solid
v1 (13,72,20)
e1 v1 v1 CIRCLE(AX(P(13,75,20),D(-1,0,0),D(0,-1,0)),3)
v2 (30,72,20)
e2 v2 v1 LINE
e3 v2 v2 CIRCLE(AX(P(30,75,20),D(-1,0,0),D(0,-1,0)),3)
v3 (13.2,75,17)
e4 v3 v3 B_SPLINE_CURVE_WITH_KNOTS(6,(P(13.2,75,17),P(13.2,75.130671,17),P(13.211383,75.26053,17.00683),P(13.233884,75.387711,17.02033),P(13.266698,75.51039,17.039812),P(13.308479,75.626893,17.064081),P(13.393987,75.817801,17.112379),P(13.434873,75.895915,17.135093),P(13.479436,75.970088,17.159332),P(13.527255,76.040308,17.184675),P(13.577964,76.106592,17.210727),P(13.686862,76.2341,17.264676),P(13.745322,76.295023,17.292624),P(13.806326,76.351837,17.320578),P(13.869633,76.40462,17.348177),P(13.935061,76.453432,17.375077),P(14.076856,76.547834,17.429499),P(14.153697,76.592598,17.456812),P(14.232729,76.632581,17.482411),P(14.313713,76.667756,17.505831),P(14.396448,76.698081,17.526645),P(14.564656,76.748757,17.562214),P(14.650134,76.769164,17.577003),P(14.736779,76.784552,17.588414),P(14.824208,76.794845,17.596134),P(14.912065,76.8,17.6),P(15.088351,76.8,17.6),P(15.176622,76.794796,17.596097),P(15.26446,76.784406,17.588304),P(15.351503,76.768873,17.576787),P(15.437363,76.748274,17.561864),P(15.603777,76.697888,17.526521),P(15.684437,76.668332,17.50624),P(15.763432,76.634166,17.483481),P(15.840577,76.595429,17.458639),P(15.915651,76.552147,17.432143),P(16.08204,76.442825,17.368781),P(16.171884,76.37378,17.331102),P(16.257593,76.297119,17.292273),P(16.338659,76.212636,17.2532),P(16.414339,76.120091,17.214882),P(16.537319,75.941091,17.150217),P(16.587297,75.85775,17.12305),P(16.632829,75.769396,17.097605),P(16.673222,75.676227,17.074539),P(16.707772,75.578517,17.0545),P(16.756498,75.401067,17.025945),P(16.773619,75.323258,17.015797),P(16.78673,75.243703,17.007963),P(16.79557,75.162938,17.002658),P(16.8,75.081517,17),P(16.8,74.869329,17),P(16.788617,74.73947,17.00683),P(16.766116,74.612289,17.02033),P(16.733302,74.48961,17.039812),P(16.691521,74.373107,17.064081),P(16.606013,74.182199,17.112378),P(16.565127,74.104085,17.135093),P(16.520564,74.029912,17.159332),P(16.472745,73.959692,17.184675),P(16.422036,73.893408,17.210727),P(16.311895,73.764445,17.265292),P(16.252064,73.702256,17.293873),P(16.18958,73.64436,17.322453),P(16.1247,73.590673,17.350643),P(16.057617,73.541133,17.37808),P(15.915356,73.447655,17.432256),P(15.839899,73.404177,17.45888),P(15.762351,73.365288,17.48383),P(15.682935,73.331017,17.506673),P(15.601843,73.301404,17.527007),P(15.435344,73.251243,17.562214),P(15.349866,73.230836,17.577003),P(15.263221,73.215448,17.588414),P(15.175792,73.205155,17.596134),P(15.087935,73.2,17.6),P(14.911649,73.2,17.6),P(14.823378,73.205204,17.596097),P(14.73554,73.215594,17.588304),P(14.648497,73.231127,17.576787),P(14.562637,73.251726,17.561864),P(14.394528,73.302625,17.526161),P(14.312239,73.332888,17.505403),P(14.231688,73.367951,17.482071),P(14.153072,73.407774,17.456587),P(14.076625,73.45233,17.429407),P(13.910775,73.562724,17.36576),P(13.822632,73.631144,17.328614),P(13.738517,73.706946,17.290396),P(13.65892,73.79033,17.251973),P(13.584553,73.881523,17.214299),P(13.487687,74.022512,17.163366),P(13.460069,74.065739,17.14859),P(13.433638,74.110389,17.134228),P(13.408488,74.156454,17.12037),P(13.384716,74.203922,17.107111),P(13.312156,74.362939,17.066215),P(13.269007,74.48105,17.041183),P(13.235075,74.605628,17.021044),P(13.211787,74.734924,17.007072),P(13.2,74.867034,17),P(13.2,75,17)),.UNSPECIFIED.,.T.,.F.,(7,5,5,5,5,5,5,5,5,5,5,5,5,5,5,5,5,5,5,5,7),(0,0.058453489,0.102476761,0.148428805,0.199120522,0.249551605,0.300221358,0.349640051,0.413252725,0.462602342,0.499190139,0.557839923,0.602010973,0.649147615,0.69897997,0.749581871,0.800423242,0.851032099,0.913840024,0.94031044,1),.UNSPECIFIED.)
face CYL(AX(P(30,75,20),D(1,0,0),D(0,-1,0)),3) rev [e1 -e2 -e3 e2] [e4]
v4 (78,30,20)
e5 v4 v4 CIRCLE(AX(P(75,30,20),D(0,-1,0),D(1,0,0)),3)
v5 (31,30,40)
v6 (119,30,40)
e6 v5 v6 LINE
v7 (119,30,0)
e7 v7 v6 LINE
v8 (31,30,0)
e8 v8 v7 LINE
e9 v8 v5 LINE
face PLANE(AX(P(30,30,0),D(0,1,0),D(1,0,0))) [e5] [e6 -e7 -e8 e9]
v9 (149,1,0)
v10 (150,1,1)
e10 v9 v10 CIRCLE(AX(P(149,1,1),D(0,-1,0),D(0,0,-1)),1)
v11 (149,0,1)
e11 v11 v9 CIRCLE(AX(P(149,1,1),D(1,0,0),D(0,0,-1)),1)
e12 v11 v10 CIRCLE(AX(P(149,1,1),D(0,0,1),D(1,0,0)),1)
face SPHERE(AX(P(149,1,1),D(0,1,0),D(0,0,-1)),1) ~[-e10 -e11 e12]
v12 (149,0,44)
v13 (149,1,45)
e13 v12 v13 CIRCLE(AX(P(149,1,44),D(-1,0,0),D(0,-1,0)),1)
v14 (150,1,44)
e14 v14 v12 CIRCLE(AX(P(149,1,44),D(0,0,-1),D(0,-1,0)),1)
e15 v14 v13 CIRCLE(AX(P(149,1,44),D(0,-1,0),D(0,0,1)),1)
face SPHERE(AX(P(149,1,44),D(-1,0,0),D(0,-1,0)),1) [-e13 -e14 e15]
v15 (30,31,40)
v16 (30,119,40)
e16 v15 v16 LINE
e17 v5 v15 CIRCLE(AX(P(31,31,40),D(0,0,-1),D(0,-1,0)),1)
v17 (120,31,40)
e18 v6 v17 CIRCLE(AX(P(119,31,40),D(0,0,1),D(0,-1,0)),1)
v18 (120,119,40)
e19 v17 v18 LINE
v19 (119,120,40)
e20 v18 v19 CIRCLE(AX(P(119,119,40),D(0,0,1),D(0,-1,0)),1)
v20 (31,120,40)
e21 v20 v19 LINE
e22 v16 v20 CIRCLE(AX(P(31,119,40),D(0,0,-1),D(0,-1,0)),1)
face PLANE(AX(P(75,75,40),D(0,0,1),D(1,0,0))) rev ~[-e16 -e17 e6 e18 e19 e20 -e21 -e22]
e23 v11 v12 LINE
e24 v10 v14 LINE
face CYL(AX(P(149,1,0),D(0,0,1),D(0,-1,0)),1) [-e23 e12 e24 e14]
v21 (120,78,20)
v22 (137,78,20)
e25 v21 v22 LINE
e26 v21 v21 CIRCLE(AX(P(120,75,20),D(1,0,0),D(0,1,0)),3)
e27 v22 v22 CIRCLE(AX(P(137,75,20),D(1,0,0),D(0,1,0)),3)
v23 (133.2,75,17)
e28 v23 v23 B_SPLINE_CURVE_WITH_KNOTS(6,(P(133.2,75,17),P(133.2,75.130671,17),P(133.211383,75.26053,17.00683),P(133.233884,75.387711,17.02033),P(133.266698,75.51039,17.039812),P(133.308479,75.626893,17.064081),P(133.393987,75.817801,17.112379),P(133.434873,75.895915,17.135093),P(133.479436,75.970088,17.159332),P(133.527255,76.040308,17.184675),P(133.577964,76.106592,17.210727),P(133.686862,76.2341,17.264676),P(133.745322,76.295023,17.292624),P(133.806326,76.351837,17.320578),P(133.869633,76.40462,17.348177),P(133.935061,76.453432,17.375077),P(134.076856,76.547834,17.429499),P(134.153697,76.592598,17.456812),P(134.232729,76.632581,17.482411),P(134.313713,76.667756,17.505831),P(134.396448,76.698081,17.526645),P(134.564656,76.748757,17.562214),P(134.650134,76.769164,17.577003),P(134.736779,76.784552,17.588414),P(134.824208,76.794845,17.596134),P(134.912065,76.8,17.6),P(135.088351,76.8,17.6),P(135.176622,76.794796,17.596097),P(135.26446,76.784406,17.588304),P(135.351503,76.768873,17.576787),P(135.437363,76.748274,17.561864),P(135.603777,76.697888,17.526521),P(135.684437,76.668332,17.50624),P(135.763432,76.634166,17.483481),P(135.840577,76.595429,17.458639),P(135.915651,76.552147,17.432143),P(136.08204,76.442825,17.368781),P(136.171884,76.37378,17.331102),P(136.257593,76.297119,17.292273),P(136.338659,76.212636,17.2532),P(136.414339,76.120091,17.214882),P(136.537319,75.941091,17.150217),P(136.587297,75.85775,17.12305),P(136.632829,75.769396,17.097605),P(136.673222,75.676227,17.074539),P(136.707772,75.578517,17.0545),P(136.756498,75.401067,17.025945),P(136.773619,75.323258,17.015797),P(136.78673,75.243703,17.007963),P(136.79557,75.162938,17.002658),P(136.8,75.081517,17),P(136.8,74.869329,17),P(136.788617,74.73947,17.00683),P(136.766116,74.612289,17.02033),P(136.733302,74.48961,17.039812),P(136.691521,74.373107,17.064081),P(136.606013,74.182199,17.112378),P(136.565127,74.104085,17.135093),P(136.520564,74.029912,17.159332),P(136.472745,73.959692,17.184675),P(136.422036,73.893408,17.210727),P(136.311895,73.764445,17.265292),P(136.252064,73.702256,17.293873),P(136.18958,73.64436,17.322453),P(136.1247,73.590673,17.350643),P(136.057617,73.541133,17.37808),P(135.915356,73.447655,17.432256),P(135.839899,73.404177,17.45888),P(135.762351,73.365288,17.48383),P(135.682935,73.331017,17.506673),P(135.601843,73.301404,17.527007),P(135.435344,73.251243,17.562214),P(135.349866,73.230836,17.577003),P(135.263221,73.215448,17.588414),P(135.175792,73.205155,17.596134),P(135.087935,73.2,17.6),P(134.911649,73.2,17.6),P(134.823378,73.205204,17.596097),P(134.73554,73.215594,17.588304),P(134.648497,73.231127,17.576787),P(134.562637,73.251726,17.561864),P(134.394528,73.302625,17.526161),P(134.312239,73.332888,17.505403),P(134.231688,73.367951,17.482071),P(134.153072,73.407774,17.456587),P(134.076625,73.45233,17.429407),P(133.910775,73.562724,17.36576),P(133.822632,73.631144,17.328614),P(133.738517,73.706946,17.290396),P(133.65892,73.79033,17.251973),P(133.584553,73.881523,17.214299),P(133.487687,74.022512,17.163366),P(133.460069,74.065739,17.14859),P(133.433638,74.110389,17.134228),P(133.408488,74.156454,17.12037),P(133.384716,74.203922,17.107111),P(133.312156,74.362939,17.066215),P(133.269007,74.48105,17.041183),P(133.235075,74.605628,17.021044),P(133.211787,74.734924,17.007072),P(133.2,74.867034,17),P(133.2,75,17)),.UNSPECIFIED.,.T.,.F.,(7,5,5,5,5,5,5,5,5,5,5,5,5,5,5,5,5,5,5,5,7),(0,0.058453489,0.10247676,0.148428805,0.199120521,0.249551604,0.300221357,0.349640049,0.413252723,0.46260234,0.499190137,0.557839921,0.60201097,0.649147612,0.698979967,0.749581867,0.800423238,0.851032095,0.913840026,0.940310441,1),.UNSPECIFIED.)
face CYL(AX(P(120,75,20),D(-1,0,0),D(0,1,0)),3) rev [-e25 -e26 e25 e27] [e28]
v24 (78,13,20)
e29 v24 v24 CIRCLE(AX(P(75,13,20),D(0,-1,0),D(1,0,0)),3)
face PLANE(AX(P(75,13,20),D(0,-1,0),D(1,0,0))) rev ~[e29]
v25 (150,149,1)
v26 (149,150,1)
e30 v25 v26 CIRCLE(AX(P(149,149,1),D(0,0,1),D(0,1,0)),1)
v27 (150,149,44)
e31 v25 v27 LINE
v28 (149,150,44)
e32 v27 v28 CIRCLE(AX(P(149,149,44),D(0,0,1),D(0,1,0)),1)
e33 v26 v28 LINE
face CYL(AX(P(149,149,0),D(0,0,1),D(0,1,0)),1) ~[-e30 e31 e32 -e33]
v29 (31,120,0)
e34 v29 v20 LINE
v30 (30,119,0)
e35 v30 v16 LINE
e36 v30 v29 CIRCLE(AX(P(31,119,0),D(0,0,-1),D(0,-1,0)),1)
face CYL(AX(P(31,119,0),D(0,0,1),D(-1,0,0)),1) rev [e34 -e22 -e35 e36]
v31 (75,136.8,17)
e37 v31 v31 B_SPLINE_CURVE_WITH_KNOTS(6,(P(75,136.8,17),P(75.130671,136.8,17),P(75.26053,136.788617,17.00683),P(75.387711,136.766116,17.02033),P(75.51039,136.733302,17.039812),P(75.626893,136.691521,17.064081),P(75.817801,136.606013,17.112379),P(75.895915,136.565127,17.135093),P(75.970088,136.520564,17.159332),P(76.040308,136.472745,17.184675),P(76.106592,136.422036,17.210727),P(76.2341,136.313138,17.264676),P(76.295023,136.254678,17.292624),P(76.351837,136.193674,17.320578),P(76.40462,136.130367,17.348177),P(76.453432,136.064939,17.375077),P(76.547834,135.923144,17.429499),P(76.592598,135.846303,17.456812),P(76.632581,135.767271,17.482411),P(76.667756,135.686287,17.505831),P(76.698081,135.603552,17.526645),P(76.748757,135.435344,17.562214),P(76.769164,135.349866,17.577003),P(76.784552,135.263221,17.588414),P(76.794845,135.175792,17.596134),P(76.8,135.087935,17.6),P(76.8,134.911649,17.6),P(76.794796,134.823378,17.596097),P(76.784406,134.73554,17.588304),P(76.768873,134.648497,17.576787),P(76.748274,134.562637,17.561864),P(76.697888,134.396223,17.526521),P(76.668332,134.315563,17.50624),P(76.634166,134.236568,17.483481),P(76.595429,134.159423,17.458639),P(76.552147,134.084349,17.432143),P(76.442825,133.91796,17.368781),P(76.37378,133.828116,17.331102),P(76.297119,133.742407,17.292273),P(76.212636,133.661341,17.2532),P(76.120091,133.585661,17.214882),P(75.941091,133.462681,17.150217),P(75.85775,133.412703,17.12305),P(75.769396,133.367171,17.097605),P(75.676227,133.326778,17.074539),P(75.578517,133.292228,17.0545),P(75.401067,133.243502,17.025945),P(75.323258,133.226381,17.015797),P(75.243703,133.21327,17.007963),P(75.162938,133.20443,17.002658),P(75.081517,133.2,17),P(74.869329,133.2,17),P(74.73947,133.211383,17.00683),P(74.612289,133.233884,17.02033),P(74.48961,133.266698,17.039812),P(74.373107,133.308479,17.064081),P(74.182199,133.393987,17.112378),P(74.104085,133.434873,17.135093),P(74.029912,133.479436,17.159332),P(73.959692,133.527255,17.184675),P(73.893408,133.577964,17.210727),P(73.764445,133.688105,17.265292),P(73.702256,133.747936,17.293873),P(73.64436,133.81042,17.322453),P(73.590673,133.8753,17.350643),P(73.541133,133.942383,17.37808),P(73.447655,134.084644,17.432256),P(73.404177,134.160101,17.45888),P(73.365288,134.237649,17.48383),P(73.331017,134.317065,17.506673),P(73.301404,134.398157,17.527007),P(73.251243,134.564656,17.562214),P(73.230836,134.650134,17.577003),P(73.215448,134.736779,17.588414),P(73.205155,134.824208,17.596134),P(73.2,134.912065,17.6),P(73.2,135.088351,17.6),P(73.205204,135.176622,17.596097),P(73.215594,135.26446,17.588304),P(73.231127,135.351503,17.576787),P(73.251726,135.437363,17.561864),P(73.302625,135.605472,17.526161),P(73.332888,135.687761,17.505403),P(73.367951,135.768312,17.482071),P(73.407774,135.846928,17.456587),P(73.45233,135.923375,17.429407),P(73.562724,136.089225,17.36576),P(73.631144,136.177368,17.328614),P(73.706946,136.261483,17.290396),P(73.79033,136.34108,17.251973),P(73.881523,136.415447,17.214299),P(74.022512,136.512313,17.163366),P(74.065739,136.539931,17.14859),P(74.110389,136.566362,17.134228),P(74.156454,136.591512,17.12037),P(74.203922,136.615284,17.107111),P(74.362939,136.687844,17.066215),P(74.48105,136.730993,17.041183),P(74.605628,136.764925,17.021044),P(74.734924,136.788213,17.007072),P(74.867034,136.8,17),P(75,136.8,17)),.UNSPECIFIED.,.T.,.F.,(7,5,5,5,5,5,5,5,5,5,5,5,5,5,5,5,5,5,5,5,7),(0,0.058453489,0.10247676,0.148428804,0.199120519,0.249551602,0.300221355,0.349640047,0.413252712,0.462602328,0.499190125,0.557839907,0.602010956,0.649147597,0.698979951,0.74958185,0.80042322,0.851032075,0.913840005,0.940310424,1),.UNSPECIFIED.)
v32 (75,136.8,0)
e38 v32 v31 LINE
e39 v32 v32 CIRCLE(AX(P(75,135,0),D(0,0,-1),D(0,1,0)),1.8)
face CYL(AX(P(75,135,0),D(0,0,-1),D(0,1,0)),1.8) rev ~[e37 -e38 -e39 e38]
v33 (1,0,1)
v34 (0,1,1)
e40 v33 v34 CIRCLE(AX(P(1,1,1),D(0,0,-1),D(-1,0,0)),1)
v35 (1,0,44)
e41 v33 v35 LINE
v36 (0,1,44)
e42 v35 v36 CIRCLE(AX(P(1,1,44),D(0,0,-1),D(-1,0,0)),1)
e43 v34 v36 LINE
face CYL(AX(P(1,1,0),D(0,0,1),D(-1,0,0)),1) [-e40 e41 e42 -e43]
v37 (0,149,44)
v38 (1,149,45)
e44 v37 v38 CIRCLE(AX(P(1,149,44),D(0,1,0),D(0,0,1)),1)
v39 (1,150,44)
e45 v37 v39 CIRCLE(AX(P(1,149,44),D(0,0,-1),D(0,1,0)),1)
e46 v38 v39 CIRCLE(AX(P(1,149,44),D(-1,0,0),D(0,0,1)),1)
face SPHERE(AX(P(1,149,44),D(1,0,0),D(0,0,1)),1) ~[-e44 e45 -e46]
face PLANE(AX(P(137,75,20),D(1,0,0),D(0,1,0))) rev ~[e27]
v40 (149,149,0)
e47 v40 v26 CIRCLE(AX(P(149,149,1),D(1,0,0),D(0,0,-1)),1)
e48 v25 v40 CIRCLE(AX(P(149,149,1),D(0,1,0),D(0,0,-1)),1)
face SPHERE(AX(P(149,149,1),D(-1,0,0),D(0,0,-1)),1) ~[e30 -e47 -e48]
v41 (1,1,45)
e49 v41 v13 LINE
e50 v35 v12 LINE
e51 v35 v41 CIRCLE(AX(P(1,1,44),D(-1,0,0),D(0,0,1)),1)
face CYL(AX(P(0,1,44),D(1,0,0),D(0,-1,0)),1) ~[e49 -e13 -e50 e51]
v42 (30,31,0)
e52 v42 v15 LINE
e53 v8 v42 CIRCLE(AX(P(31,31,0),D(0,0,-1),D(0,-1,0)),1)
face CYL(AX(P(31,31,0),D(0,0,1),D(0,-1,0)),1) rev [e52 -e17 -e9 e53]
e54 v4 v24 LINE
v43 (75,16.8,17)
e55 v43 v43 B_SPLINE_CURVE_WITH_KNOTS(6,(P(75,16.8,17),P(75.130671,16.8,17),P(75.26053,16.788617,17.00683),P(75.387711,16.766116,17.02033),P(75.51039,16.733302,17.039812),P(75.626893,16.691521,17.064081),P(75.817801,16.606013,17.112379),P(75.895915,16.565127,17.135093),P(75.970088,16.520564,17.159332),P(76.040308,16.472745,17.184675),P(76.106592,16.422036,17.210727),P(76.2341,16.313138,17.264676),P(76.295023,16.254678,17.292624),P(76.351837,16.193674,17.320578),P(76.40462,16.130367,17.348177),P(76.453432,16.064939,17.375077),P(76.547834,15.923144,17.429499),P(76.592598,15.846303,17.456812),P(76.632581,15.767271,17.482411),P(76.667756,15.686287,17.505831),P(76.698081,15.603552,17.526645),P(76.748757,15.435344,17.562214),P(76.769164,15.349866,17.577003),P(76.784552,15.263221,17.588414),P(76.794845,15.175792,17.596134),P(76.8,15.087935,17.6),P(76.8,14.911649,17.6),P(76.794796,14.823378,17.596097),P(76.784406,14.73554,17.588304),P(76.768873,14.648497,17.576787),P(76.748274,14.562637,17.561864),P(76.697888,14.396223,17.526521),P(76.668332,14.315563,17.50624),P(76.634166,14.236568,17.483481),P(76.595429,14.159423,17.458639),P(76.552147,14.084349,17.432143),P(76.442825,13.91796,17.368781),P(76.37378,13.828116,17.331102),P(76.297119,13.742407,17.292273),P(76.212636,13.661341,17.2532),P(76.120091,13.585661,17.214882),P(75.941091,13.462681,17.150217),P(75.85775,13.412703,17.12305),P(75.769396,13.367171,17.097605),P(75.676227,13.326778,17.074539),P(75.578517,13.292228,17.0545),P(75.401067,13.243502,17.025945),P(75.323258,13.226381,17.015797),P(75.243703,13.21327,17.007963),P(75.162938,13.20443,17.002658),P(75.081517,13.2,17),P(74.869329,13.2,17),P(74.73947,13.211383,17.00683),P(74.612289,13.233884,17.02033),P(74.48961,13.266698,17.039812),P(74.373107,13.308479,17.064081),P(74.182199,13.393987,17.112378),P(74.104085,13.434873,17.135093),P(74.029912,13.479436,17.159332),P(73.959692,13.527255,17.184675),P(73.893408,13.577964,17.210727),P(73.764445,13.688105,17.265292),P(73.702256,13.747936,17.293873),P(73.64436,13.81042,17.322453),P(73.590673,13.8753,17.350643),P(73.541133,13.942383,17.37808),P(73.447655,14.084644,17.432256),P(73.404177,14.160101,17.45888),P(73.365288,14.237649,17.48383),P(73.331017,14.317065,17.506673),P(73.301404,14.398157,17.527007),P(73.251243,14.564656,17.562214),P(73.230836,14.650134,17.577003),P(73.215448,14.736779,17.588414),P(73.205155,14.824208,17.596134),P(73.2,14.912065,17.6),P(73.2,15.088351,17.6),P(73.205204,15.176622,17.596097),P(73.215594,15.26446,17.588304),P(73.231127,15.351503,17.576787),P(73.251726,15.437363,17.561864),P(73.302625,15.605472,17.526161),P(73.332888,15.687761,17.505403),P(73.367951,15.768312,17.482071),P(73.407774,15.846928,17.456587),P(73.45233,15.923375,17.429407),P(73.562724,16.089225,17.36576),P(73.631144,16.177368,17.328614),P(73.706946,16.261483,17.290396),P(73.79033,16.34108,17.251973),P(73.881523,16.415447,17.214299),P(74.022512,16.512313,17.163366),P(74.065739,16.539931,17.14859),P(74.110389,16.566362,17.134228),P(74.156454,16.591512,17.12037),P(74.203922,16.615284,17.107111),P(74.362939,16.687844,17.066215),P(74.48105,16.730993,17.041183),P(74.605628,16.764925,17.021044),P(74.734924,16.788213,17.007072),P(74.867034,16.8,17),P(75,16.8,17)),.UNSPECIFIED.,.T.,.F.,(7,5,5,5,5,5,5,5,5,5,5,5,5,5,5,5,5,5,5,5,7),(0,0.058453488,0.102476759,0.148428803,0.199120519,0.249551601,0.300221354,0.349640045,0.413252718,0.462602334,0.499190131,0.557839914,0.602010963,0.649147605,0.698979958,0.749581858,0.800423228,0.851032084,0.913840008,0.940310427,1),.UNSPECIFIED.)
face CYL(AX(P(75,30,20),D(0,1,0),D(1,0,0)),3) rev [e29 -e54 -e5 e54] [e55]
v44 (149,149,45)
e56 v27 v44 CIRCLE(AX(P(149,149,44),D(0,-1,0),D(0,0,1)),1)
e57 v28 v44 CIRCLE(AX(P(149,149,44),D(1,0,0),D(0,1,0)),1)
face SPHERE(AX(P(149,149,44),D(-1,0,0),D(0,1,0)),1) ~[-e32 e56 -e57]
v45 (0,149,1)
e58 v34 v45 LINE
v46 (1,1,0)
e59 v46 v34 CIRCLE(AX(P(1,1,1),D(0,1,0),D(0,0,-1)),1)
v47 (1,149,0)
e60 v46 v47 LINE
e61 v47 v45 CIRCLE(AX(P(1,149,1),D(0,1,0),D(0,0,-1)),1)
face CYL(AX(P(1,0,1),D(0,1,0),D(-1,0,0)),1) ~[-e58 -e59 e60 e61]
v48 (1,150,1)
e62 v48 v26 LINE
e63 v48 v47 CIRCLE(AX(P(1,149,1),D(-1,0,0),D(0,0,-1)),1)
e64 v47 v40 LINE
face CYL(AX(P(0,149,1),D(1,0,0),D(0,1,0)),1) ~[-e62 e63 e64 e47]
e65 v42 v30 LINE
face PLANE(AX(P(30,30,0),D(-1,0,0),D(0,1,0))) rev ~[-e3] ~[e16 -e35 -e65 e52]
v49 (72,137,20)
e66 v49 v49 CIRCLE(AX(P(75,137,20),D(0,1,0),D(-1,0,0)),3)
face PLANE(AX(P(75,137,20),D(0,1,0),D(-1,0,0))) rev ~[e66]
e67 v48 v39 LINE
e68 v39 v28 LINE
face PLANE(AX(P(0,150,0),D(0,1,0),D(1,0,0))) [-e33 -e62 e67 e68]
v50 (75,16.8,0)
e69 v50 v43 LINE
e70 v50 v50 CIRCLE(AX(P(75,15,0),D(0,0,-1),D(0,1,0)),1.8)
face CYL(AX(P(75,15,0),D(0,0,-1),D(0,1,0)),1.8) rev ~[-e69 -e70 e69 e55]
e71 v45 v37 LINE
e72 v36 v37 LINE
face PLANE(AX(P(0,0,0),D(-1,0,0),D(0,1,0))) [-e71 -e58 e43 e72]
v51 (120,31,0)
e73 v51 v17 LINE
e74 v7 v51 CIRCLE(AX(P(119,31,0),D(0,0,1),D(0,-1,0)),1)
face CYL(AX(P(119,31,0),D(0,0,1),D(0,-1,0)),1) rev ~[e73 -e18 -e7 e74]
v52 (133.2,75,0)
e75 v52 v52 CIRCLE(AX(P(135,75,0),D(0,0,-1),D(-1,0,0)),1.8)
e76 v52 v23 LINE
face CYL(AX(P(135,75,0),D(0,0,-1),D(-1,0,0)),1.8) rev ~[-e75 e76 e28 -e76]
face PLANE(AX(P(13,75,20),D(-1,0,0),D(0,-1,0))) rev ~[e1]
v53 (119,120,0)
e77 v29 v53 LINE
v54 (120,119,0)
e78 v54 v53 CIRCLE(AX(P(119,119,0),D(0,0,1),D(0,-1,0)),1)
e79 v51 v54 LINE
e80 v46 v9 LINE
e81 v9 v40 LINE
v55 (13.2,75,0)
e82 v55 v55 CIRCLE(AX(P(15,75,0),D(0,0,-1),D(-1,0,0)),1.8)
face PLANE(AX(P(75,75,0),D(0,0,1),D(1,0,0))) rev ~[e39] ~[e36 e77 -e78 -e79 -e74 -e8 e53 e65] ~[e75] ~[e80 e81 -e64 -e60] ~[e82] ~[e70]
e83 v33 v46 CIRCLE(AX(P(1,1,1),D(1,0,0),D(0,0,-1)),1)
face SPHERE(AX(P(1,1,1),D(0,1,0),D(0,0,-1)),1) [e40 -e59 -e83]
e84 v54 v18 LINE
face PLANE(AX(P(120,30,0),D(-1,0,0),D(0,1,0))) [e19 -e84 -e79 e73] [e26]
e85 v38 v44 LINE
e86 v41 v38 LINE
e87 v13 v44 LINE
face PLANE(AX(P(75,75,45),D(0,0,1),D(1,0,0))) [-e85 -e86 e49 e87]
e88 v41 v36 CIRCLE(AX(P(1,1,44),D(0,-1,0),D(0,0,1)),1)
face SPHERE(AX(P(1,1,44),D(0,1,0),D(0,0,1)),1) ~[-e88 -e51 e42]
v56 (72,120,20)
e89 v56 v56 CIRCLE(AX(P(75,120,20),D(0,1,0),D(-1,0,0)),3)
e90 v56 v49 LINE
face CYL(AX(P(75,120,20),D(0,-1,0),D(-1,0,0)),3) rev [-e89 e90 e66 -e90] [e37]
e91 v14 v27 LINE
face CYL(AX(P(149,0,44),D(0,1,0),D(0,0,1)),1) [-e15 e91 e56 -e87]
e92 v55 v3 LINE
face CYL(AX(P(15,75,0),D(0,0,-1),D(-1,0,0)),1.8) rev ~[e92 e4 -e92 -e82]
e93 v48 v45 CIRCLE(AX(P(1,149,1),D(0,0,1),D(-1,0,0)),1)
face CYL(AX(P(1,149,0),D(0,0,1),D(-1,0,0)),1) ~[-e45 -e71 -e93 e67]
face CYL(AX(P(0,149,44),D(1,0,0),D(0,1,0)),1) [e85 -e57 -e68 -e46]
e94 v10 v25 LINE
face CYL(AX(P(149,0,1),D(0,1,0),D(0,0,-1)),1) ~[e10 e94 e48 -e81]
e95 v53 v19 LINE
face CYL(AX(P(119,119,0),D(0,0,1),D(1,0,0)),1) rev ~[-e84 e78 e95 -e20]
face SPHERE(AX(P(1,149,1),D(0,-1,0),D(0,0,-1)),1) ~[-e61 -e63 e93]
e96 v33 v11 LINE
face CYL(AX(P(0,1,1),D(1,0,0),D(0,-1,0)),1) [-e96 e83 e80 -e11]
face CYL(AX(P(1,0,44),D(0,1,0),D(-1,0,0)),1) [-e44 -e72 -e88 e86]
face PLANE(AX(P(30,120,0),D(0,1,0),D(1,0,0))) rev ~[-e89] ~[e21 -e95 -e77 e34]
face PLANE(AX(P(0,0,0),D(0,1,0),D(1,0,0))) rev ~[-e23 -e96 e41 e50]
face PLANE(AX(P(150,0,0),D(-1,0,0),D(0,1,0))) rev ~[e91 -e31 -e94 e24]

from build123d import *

# Parameters (mm, degrees)
SKETCH1_W           = 150
SKETCH1_H           = 150
BOSS_EXTRUDE1_DEPTH = 45
SKETCH2_W           = 90
SKETCH2_H           = 90
CUT_EXTRUDE1_DEPTH  = 40
SKETCH6_R           = 1.8
CUT_EXTRUDE2_DEPTH  = 20
CIRPATTERN1_COUNT   = 2
CIRPATTERN1_ANGLE   = 90
SKETCH8_R           = 3
CUT_EXTRUDE4_DEPTH  = 17
CIRPATTERN2_COUNT   = 4
FILLET1_R           = 1
FILLET2_R           = 1


with BuildPart() as part:
    # Sketch1 → Boss-Extrude1 (new body)
    with BuildSketch(Plane.XY):
        with Locations((75, 75)):
            Rectangle(SKETCH1_W, SKETCH1_H)
    extrude(amount=BOSS_EXTRUDE1_DEPTH)

    # Sketch2 → Cut-Extrude1 (cut)
    with BuildSketch(Plane.XY):
        with Locations((75, 75)):
            Rectangle(SKETCH2_W, SKETCH2_H)
    extrude(amount=CUT_EXTRUDE1_DEPTH, mode=Mode.SUBTRACT)

    # Sketch6 → Cut-Extrude2 (cut)
    with BuildSketch(Plane(origin=(0, 0, 0), x_dir=(-1, 0, 0), z_dir=(0, 0, -1))):
        with Locations((-135, 75)):
            Circle(SKETCH6_R)
        with Locations((-15, 75)):
            Circle(SKETCH6_R)
    cut_extrude2 = extrude(amount=-CUT_EXTRUDE2_DEPTH, mode=Mode.SUBTRACT)

    # CirPattern1: Cut-Extrude2 ×2 about axis
    cirpattern1_axis = Axis((75, 75, 0), (0, 0, -1))
    for i in range(1, CIRPATTERN1_COUNT):
        add(cut_extrude2.rotate(cirpattern1_axis, i * CIRPATTERN1_ANGLE / (CIRPATTERN1_COUNT - 1)), mode=Mode.SUBTRACT)

    # Sketch8 → Cut-Extrude4 (cut)
    with BuildSketch(Plane(origin=(120, 0, 0), x_dir=(0, 0, -1), z_dir=(1, 0, 0))):
        with Locations(Location((-20, 75, 0), (0, 0, 90))):
            Circle(SKETCH8_R)
    cut_extrude4 = extrude(amount=CUT_EXTRUDE4_DEPTH, mode=Mode.SUBTRACT)

    # CirPattern2: Cut-Extrude4 ×4 about axis
    cirpattern2_axis = Axis((75, 75, 0), (0, 0, 1))
    for i in range(1, CIRPATTERN2_COUNT):
        add(cut_extrude4.rotate(cirpattern2_axis, i * 360 / CIRPATTERN2_COUNT), mode=Mode.SUBTRACT)

    # Fillet1
    fillet1_edges = [part.edges().sort_by_distance(p)[0] for p in [
        (75, 150, 45),
        (0, 75, 45),
        (75, 0, 45),
        (0, 75, 0),
        (75, 150, 0),
        (150, 75, 0),
        (75, 0, 0),
        (0, 0, 22.5),
        (0, 150, 22.5),
        (150, 150, 22.5),
        (150, 0, 22.5),
        (150, 75, 45),
    ]]
    fillet(fillet1_edges, radius=FILLET1_R)

    # Fillet2
    fillet2_edges = [part.edges().sort_by_distance(p)[0] for p in [
        (120, 30, 20),
        (120, 120, 20),
        (30, 120, 20),
        (30, 30, 20),
    ]]
    fillet(fillet2_edges, radius=FILLET2_R)


solid = part.part
